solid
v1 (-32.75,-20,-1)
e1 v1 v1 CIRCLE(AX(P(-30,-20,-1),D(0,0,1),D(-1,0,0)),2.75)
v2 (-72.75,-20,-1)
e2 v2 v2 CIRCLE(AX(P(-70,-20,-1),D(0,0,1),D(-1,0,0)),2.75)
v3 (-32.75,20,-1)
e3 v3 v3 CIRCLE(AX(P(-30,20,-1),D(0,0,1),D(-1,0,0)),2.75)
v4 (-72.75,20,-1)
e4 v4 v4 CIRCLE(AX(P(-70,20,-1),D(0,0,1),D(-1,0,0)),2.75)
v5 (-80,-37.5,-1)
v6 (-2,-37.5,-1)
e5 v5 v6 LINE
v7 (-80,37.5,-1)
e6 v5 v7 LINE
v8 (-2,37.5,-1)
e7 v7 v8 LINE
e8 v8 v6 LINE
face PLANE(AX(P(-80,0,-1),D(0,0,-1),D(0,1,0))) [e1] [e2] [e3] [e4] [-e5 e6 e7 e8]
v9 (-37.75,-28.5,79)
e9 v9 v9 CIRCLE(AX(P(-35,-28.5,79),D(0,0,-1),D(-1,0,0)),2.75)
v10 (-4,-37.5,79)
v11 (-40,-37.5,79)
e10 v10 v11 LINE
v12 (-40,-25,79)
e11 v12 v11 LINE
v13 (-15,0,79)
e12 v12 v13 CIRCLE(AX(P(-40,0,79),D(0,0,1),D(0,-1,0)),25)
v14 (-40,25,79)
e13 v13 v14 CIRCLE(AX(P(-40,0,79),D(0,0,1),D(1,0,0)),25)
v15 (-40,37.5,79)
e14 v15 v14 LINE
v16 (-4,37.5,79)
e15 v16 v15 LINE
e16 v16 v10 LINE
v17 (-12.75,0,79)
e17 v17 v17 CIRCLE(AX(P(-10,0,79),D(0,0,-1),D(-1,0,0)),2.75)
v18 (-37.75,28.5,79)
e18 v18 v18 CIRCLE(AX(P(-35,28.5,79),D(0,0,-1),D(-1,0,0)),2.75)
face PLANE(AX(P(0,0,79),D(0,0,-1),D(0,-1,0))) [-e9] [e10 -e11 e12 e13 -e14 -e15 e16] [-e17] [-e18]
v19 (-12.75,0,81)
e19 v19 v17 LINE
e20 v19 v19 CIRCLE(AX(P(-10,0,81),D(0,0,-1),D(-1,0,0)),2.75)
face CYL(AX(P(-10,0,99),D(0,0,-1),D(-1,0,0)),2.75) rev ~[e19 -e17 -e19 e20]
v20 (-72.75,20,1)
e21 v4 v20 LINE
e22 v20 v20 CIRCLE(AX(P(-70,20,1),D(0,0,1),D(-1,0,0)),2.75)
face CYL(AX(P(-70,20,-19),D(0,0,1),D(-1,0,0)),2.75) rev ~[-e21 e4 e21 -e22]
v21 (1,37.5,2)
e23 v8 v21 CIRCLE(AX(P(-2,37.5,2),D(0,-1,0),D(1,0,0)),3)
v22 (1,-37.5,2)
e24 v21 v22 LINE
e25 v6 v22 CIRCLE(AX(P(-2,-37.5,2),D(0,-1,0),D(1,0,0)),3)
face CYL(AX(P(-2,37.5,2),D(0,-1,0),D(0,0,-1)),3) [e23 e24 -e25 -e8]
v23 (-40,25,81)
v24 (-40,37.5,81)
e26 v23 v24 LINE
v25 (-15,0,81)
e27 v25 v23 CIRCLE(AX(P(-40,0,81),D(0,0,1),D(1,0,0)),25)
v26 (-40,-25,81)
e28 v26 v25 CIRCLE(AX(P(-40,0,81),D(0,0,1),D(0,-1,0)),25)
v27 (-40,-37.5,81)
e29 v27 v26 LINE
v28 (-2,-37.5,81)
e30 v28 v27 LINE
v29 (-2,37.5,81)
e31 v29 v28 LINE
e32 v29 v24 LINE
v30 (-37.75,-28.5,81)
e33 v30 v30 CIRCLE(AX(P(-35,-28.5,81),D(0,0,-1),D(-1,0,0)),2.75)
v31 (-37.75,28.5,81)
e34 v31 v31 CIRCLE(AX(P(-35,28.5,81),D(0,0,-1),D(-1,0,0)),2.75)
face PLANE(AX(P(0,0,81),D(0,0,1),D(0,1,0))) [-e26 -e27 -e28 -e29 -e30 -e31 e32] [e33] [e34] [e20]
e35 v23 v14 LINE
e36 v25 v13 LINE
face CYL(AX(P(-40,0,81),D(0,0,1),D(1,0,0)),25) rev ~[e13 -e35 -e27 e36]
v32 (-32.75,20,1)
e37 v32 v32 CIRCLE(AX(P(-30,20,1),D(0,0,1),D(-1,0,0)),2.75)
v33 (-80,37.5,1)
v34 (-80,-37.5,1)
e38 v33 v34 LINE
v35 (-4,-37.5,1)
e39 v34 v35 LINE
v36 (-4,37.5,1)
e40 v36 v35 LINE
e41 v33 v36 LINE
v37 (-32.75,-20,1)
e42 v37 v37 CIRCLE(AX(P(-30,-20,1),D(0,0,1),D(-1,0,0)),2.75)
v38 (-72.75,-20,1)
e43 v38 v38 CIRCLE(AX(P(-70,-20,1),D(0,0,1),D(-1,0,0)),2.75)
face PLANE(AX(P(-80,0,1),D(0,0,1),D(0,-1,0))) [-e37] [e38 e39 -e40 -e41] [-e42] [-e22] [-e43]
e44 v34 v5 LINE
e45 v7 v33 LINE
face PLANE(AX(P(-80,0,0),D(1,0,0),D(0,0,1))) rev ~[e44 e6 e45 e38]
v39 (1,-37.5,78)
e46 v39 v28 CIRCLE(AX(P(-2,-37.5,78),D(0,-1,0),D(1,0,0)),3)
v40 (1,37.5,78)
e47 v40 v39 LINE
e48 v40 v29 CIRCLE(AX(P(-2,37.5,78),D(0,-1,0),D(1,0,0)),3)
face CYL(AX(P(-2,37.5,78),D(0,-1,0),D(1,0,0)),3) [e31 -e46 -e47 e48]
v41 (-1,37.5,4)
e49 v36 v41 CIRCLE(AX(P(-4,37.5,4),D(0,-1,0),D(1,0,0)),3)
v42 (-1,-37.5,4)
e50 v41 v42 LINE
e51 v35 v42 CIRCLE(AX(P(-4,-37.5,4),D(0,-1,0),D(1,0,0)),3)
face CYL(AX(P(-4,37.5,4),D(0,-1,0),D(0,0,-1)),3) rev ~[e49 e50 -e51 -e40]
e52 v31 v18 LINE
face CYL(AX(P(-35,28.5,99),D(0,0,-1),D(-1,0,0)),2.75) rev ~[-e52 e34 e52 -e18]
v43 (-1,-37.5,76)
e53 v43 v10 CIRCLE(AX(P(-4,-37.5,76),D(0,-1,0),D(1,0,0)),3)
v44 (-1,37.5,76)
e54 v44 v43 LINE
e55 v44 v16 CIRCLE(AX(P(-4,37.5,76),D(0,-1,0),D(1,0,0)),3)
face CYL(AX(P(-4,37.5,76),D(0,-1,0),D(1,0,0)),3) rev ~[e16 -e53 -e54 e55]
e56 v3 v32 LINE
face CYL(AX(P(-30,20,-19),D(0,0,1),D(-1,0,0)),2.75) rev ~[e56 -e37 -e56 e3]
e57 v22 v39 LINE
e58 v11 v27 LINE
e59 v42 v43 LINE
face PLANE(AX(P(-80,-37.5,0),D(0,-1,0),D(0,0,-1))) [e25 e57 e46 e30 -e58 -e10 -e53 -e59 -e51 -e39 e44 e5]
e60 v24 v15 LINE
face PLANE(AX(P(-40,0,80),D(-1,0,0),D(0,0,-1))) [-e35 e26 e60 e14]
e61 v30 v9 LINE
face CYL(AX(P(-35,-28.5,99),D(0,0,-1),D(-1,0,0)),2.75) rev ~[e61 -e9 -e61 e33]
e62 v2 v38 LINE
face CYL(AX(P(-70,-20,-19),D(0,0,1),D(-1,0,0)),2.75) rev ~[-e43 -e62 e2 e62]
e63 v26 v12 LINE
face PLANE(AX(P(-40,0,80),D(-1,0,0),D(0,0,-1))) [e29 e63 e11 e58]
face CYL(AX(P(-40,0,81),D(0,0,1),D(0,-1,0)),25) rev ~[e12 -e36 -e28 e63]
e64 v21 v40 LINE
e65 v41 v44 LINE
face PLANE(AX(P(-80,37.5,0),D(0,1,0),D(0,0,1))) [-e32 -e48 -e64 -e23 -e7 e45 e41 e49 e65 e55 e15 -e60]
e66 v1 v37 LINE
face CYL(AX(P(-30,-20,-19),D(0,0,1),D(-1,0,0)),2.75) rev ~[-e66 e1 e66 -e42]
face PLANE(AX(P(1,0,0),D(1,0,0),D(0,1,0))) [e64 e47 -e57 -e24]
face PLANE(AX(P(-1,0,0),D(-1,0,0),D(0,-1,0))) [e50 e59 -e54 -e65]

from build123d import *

# Parameters (mm, degrees)
F2_W           = 75
F2_H           = 2
F4_R           = 3
F6_DEPTH       = 2
F9_D           = 5.5
F9_DEPTH       = 18
F9_TIP         = 1.6523667023
F9_ON_F7_D     = 5.5
F9_ON_F7_DEPTH = 18
F9_ON_F7_TIP   = 1.6523667023


with BuildPart() as f3:
    # F3: sweep along a path in F0
    with BuildLine(Plane.XZ) as f3_path:
        Line((-80, 0), (0, 0))
        Line((0, 0), (0, 80))
        Line((0, 80), (-40, 80))
    # F2 (on line) → F3 (sweep)
    with BuildSketch(Plane.YZ.offset(-80)):
        Rectangle(F2_W, F2_H)
    sweep(path=f3_path.line, transition=Transition.RIGHT)

    # F4
    f4_edges = [f3.edges().sort_by_distance(p)[0] for p in [
        (-1, 0, 1),
        (-1, 0, 79),
        (1, 0, -1),
        (1, 0, 81),
    ]]
    fillet(f4_edges, radius=F4_R)

    # F5 (on face) → F6 (cut, through all)
    with BuildSketch(Plane.XY.offset(81)):
        with BuildLine():
            ThreePointArc((-40, -25), (-22.3223304703, -17.6776695297), (-15, 0))
            ThreePointArc((-15, 0), (-22.3223304703, 17.6776695297), (-40, 25))
            Line((-40, 25), (-40, -25))
        make_face()
    extrude(amount=-F6_DEPTH, mode=Mode.SUBTRACT)

    # F9
    with Locations(Plane.XY.offset(81)):
        with Locations((-35, 28.5), (-10, 0), (-35, -28.5)):
            Hole(F9_D / 2, depth=F9_DEPTH)
            with Locations((0, 0, -(F9_DEPTH + F9_TIP / 2))):  # 118° drill point
                Cone(0, F9_D / 2, F9_TIP, mode=Mode.SUBTRACT)

    # F9 on F7
    with Locations(Plane(origin=(0, 0, -1), x_dir=(1, 0, 0), z_dir=(0, 0, -1))):
        with Locations((-30, 20), (-30, -20), (-70, -20), (-70, 20)):
            Hole(F9_ON_F7_D / 2, depth=F9_ON_F7_DEPTH)
            with Locations((0, 0, -(F9_ON_F7_DEPTH + F9_ON_F7_TIP / 2))):  # 118° drill point
                Cone(0, F9_ON_F7_D / 2, F9_ON_F7_TIP, mode=Mode.SUBTRACT)


solid = f3.part
